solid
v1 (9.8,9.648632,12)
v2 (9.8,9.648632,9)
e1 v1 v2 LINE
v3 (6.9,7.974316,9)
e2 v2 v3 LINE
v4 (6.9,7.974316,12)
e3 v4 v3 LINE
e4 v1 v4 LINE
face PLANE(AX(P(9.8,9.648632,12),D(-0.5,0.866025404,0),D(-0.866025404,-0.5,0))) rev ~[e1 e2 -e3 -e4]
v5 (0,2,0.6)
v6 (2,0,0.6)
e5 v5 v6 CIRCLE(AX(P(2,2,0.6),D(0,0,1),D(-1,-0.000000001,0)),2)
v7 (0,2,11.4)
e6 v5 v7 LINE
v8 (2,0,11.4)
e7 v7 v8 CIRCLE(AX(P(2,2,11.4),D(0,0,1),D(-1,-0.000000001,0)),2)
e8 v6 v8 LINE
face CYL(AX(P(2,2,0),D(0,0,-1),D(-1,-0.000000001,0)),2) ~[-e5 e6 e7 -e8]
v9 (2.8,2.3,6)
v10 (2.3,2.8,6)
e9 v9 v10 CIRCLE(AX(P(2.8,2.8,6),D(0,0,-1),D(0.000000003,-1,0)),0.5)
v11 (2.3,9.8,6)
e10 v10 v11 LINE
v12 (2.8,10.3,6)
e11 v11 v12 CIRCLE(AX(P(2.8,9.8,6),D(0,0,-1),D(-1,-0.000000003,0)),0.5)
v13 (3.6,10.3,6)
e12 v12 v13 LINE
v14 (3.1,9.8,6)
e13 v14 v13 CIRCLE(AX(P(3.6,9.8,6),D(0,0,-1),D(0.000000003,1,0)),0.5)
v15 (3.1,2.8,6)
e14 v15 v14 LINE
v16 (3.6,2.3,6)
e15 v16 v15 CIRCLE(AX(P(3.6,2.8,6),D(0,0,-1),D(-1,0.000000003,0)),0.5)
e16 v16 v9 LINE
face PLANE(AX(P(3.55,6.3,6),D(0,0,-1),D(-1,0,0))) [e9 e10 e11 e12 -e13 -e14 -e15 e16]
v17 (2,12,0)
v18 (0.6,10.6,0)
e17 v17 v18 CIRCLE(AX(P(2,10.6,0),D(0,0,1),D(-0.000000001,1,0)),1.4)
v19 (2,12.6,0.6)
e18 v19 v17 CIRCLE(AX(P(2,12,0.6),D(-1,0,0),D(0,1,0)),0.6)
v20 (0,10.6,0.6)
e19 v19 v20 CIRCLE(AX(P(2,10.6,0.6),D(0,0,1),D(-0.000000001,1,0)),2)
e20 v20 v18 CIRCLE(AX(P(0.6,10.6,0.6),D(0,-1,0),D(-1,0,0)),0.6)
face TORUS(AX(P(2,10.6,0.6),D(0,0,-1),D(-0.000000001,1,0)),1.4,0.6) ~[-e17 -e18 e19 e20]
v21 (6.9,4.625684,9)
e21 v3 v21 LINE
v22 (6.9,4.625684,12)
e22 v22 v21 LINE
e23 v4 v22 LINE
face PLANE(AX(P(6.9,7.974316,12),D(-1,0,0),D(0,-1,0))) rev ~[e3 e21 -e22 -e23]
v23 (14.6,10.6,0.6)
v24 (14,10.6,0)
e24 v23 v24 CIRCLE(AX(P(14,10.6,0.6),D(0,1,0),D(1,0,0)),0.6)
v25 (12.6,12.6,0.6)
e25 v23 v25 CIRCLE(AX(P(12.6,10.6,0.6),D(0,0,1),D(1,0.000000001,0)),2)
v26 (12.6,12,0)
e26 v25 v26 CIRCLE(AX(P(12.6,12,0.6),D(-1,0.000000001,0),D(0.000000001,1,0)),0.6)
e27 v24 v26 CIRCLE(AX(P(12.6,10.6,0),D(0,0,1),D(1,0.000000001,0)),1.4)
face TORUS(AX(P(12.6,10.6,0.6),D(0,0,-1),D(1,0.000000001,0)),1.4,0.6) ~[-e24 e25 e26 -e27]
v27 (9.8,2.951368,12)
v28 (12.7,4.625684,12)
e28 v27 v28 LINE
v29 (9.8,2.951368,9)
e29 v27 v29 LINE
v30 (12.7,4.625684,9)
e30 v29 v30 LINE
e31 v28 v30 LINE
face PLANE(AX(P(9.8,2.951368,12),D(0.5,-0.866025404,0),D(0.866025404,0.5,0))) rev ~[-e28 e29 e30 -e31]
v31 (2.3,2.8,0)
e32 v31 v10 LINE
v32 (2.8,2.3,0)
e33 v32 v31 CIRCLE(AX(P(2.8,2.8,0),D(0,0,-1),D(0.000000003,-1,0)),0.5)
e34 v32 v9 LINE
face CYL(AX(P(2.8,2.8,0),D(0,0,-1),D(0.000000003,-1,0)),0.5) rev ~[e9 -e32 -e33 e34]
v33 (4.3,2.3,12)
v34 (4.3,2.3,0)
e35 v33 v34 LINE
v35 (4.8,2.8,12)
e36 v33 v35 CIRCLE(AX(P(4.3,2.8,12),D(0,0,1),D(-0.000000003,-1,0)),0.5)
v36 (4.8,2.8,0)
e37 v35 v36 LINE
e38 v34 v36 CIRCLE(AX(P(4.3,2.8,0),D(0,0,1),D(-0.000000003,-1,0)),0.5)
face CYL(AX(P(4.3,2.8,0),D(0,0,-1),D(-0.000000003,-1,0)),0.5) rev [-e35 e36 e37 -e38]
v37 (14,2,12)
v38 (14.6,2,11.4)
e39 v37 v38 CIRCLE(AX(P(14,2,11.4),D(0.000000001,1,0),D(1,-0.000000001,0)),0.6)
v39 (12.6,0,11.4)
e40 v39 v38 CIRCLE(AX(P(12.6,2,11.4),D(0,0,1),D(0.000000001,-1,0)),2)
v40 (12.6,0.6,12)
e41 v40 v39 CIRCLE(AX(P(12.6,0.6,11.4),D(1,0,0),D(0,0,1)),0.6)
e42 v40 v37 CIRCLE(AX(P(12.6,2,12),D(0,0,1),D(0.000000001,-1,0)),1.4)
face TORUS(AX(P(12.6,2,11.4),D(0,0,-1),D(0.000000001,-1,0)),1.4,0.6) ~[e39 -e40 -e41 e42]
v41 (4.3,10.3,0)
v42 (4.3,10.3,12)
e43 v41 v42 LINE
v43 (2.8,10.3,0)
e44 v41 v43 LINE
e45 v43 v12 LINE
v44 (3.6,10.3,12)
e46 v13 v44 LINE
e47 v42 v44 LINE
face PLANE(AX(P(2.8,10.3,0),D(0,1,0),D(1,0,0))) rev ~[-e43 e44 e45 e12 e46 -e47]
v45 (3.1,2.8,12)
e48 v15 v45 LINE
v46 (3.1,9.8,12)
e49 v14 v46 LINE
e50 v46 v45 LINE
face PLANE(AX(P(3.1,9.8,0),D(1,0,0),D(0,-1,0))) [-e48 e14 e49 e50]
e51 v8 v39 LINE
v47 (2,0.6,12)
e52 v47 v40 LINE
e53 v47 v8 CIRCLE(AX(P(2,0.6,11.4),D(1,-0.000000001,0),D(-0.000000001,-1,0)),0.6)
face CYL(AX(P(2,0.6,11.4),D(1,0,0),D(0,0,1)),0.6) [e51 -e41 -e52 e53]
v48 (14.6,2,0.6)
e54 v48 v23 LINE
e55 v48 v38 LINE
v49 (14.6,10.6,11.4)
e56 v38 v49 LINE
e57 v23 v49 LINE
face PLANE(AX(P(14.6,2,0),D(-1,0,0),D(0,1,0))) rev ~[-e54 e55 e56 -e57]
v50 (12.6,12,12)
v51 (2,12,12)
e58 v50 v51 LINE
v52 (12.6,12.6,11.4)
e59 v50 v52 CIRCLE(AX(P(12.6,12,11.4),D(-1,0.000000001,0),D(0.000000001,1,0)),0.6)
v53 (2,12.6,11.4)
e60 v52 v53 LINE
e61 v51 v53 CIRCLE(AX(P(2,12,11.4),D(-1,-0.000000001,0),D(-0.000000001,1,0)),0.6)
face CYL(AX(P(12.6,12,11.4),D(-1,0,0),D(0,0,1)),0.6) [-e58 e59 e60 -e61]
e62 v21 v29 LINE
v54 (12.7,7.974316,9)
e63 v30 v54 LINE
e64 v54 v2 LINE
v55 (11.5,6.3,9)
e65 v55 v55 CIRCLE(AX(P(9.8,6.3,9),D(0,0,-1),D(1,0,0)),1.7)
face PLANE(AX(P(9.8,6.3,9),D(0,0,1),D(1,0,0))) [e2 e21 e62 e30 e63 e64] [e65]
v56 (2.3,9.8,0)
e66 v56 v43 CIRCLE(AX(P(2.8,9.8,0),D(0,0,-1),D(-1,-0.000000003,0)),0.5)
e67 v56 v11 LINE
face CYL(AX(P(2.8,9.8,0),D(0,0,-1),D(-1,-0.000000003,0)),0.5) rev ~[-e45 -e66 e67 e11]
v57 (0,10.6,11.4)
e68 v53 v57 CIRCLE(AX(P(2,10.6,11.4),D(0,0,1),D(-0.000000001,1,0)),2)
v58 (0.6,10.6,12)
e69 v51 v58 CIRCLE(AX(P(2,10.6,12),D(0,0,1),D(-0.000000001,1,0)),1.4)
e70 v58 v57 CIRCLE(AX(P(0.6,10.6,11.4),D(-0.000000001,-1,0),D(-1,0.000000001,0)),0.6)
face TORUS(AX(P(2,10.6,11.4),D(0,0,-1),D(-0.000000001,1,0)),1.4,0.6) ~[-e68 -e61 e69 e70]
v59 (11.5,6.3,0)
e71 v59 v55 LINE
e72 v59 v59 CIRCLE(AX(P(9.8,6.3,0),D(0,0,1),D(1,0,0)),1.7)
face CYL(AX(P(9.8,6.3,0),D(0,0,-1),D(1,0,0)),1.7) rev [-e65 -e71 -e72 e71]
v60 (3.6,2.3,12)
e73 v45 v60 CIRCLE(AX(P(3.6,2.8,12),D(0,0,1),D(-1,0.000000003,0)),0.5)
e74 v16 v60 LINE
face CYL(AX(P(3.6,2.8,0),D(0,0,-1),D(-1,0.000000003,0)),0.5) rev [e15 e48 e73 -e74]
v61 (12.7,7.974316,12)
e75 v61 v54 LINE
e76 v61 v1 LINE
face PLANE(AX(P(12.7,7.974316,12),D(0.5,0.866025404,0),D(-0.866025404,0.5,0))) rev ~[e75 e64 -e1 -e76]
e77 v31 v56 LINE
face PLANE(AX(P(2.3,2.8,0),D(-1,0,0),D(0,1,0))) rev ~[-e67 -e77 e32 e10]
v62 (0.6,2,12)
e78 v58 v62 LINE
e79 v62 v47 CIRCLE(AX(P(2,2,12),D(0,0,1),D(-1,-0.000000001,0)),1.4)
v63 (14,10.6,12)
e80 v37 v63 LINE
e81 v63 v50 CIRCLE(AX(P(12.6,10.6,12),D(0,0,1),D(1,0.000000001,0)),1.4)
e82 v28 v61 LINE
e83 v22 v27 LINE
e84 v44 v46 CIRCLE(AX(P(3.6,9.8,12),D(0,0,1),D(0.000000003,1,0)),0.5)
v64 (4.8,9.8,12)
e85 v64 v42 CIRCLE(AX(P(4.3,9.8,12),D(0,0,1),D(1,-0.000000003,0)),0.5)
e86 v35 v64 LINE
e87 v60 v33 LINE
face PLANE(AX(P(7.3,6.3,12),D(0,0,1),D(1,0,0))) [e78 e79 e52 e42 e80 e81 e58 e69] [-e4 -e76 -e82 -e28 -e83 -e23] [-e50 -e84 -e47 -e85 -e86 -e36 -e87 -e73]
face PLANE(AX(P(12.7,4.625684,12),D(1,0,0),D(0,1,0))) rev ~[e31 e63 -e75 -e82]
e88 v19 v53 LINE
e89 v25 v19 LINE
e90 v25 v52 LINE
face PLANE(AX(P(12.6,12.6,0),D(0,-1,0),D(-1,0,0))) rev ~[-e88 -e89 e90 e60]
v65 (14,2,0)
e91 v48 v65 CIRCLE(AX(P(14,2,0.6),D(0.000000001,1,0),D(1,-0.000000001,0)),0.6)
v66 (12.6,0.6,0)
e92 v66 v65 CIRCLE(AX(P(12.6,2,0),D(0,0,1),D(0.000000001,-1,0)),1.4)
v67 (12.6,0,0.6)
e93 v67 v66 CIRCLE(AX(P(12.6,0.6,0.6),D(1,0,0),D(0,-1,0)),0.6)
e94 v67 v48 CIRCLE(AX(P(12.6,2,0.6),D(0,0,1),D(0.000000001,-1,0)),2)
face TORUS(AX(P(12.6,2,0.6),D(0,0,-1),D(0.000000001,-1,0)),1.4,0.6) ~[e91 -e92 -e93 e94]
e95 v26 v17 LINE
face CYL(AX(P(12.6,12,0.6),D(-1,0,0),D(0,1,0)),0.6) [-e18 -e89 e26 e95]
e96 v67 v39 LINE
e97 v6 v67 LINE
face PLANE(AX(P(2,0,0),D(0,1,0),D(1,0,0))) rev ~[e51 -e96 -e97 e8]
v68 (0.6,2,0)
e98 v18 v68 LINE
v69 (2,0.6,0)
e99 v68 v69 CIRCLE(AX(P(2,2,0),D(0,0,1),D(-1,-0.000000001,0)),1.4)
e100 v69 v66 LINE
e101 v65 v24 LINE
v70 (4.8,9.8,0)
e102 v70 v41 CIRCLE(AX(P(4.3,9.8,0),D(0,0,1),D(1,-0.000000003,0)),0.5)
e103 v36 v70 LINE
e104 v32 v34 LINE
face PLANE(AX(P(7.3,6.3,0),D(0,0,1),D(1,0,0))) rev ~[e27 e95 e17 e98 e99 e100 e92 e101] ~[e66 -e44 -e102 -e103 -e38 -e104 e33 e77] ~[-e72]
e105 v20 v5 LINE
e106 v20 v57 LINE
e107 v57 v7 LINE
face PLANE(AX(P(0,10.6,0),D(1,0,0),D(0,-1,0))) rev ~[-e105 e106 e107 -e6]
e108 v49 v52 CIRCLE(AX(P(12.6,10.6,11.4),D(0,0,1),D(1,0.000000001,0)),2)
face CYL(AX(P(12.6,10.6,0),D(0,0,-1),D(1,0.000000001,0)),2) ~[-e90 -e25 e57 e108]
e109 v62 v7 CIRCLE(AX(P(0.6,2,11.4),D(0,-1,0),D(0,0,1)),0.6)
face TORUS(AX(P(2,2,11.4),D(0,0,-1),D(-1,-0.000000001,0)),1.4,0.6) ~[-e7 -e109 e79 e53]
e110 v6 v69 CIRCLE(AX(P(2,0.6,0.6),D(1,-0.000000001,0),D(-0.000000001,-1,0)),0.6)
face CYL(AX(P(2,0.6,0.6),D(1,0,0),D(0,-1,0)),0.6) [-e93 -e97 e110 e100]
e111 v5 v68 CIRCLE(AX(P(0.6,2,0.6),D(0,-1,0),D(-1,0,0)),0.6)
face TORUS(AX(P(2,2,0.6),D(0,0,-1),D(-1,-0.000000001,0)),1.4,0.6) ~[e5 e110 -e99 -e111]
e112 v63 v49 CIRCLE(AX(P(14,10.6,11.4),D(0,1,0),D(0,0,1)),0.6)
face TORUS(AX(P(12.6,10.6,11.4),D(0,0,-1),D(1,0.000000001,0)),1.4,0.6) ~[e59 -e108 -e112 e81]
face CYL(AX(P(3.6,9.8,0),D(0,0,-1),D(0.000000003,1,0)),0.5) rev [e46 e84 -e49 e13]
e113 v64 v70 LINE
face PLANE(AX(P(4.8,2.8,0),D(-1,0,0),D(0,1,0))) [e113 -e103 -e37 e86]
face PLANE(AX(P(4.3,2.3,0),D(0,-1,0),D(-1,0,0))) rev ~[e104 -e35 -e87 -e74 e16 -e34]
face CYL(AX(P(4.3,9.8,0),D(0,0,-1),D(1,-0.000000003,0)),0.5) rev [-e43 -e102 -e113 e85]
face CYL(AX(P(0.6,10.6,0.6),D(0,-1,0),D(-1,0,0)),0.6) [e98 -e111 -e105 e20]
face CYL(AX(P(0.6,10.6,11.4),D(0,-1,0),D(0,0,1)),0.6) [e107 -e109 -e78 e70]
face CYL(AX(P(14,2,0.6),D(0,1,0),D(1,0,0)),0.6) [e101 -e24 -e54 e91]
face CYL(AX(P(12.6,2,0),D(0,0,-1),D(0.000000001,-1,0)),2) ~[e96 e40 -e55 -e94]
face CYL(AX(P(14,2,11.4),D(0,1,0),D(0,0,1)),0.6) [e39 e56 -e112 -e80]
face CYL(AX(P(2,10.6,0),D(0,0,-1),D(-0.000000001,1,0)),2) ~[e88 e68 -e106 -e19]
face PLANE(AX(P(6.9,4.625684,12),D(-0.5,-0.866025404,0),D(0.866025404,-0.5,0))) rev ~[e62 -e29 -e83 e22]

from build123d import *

# Parameters (mm, degrees)
SKETCH1_R           = 1.7
BOSS_EXTRUDE1_DEPTH = 12
CUT_EXTRUDE1_DEPTH  = 3
CUT_EXTRUDE2_DEPTH  = 6
FILLET1_R           = 0.6


with BuildPart() as part:
    # Sketch1 → Boss-Extrude1 (new body)
    with BuildSketch(Plane.XY):
        with BuildLine():
            Line((2, 0), (12.6, 0))
            ThreePointArc((12.6, 0), (14.014213562, 0.585786438), (14.6, 2))
            Line((14.6, 2), (14.6, 10.6))
            ThreePointArc((14.6, 10.6), (14.014213562, 12.014213562), (12.6, 12.6))
            Line((12.6, 12.6), (2, 12.6))
            ThreePointArc((2, 12.6), (0.585786438, 12.014213562), (0, 10.6))
            Line((0, 10.6), (0, 2))
            ThreePointArc((0, 2), (0.585786438, 0.585786438), (2, 0))
        make_face()
        with Locations((9.8, 6.3)):
            Circle(SKETCH1_R, mode=Mode.SUBTRACT)
        with BuildLine():
            Line((3.1, 9.8), (3.1, 2.8))
            ThreePointArc((3.1, 2.8), (3.246446609, 2.446446609), (3.6, 2.3))
            Line((3.6, 2.3), (4.3, 2.3))
            ThreePointArc((4.3, 2.3), (4.653553391, 2.446446609), (4.8, 2.8))
            Line((4.8, 2.8), (4.8, 9.8))
            ThreePointArc((4.8, 9.8), (4.653553391, 10.153553391), (4.3, 10.3))
            Line((4.3, 10.3), (3.6, 10.3))
            ThreePointArc((3.6, 10.3), (3.246446609, 10.153553391), (3.1, 9.8))
        make_face(mode=Mode.SUBTRACT)
    extrude(amount=BOSS_EXTRUDE1_DEPTH)

    # Sketch2 → Cut-Extrude1 (cut)
    with BuildSketch(Plane.XY.offset(12)):
        Polygon((9.8, 9.648631561), (6.9, 7.974315781), (6.9, 4.625684219), (9.8, 2.951368439), (12.7, 4.625684219), (12.7, 7.974315781), align=None)
    extrude(amount=-CUT_EXTRUDE1_DEPTH, mode=Mode.SUBTRACT)

    # Sketch3 → Cut-Extrude2 (cut)
    with BuildSketch(Plane(origin=(0, 0, 0), x_dir=(-1, 0, 0), z_dir=(0, 0, -1))):
        with BuildLine():
            Line((-4.8, 9.8), (-4.8, 2.8))
            ThreePointArc((-4.8, 2.8), (-4.653553391, 2.446446609), (-4.3, 2.3))
            Line((-4.3, 2.3), (-2.8, 2.3))
            ThreePointArc((-2.8, 2.3), (-2.446446609, 2.446446609), (-2.3, 2.8))
            Line((-2.3, 2.8), (-2.3, 9.8))
            ThreePointArc((-2.3, 9.8), (-2.446446609, 10.153553391), (-2.8, 10.3))
            Line((-2.8, 10.3), (-4.3, 10.3))
            ThreePointArc((-4.3, 10.3), (-4.653553391, 10.153553391), (-4.8, 9.8))
        make_face()
    extrude(amount=-CUT_EXTRUDE2_DEPTH, mode=Mode.SUBTRACT)

    # Fillet1
    fillet1_edges = [part.edges().sort_by_distance(p)[0] for p in [
        (0, 6.3, 0),
        (0.585786438, 12.014213562, 0),
        (7.3, 12.6, 0),
        (14.014213562, 12.014213562, 0),
        (0.585786438, 12.014213562, 12),
        (0, 6.3, 12),
        (0.585786438, 0.585786438, 12),
        (7.3, 0, 12),
        (14.014213562, 0.585786438, 12),
        (14.6, 6.3, 12),
        (14.014213562, 12.014213562, 12),
        (14.6, 6.3, 0),
        (7.3, 12.6, 12),
        (14.014213562, 0.585786438, 0),
        (7.3, 0, 0),
        (0.585786438, 0.585786438, 0),
    ]]
    fillet(fillet1_edges, radius=FILLET1_R)


solid = part.part
